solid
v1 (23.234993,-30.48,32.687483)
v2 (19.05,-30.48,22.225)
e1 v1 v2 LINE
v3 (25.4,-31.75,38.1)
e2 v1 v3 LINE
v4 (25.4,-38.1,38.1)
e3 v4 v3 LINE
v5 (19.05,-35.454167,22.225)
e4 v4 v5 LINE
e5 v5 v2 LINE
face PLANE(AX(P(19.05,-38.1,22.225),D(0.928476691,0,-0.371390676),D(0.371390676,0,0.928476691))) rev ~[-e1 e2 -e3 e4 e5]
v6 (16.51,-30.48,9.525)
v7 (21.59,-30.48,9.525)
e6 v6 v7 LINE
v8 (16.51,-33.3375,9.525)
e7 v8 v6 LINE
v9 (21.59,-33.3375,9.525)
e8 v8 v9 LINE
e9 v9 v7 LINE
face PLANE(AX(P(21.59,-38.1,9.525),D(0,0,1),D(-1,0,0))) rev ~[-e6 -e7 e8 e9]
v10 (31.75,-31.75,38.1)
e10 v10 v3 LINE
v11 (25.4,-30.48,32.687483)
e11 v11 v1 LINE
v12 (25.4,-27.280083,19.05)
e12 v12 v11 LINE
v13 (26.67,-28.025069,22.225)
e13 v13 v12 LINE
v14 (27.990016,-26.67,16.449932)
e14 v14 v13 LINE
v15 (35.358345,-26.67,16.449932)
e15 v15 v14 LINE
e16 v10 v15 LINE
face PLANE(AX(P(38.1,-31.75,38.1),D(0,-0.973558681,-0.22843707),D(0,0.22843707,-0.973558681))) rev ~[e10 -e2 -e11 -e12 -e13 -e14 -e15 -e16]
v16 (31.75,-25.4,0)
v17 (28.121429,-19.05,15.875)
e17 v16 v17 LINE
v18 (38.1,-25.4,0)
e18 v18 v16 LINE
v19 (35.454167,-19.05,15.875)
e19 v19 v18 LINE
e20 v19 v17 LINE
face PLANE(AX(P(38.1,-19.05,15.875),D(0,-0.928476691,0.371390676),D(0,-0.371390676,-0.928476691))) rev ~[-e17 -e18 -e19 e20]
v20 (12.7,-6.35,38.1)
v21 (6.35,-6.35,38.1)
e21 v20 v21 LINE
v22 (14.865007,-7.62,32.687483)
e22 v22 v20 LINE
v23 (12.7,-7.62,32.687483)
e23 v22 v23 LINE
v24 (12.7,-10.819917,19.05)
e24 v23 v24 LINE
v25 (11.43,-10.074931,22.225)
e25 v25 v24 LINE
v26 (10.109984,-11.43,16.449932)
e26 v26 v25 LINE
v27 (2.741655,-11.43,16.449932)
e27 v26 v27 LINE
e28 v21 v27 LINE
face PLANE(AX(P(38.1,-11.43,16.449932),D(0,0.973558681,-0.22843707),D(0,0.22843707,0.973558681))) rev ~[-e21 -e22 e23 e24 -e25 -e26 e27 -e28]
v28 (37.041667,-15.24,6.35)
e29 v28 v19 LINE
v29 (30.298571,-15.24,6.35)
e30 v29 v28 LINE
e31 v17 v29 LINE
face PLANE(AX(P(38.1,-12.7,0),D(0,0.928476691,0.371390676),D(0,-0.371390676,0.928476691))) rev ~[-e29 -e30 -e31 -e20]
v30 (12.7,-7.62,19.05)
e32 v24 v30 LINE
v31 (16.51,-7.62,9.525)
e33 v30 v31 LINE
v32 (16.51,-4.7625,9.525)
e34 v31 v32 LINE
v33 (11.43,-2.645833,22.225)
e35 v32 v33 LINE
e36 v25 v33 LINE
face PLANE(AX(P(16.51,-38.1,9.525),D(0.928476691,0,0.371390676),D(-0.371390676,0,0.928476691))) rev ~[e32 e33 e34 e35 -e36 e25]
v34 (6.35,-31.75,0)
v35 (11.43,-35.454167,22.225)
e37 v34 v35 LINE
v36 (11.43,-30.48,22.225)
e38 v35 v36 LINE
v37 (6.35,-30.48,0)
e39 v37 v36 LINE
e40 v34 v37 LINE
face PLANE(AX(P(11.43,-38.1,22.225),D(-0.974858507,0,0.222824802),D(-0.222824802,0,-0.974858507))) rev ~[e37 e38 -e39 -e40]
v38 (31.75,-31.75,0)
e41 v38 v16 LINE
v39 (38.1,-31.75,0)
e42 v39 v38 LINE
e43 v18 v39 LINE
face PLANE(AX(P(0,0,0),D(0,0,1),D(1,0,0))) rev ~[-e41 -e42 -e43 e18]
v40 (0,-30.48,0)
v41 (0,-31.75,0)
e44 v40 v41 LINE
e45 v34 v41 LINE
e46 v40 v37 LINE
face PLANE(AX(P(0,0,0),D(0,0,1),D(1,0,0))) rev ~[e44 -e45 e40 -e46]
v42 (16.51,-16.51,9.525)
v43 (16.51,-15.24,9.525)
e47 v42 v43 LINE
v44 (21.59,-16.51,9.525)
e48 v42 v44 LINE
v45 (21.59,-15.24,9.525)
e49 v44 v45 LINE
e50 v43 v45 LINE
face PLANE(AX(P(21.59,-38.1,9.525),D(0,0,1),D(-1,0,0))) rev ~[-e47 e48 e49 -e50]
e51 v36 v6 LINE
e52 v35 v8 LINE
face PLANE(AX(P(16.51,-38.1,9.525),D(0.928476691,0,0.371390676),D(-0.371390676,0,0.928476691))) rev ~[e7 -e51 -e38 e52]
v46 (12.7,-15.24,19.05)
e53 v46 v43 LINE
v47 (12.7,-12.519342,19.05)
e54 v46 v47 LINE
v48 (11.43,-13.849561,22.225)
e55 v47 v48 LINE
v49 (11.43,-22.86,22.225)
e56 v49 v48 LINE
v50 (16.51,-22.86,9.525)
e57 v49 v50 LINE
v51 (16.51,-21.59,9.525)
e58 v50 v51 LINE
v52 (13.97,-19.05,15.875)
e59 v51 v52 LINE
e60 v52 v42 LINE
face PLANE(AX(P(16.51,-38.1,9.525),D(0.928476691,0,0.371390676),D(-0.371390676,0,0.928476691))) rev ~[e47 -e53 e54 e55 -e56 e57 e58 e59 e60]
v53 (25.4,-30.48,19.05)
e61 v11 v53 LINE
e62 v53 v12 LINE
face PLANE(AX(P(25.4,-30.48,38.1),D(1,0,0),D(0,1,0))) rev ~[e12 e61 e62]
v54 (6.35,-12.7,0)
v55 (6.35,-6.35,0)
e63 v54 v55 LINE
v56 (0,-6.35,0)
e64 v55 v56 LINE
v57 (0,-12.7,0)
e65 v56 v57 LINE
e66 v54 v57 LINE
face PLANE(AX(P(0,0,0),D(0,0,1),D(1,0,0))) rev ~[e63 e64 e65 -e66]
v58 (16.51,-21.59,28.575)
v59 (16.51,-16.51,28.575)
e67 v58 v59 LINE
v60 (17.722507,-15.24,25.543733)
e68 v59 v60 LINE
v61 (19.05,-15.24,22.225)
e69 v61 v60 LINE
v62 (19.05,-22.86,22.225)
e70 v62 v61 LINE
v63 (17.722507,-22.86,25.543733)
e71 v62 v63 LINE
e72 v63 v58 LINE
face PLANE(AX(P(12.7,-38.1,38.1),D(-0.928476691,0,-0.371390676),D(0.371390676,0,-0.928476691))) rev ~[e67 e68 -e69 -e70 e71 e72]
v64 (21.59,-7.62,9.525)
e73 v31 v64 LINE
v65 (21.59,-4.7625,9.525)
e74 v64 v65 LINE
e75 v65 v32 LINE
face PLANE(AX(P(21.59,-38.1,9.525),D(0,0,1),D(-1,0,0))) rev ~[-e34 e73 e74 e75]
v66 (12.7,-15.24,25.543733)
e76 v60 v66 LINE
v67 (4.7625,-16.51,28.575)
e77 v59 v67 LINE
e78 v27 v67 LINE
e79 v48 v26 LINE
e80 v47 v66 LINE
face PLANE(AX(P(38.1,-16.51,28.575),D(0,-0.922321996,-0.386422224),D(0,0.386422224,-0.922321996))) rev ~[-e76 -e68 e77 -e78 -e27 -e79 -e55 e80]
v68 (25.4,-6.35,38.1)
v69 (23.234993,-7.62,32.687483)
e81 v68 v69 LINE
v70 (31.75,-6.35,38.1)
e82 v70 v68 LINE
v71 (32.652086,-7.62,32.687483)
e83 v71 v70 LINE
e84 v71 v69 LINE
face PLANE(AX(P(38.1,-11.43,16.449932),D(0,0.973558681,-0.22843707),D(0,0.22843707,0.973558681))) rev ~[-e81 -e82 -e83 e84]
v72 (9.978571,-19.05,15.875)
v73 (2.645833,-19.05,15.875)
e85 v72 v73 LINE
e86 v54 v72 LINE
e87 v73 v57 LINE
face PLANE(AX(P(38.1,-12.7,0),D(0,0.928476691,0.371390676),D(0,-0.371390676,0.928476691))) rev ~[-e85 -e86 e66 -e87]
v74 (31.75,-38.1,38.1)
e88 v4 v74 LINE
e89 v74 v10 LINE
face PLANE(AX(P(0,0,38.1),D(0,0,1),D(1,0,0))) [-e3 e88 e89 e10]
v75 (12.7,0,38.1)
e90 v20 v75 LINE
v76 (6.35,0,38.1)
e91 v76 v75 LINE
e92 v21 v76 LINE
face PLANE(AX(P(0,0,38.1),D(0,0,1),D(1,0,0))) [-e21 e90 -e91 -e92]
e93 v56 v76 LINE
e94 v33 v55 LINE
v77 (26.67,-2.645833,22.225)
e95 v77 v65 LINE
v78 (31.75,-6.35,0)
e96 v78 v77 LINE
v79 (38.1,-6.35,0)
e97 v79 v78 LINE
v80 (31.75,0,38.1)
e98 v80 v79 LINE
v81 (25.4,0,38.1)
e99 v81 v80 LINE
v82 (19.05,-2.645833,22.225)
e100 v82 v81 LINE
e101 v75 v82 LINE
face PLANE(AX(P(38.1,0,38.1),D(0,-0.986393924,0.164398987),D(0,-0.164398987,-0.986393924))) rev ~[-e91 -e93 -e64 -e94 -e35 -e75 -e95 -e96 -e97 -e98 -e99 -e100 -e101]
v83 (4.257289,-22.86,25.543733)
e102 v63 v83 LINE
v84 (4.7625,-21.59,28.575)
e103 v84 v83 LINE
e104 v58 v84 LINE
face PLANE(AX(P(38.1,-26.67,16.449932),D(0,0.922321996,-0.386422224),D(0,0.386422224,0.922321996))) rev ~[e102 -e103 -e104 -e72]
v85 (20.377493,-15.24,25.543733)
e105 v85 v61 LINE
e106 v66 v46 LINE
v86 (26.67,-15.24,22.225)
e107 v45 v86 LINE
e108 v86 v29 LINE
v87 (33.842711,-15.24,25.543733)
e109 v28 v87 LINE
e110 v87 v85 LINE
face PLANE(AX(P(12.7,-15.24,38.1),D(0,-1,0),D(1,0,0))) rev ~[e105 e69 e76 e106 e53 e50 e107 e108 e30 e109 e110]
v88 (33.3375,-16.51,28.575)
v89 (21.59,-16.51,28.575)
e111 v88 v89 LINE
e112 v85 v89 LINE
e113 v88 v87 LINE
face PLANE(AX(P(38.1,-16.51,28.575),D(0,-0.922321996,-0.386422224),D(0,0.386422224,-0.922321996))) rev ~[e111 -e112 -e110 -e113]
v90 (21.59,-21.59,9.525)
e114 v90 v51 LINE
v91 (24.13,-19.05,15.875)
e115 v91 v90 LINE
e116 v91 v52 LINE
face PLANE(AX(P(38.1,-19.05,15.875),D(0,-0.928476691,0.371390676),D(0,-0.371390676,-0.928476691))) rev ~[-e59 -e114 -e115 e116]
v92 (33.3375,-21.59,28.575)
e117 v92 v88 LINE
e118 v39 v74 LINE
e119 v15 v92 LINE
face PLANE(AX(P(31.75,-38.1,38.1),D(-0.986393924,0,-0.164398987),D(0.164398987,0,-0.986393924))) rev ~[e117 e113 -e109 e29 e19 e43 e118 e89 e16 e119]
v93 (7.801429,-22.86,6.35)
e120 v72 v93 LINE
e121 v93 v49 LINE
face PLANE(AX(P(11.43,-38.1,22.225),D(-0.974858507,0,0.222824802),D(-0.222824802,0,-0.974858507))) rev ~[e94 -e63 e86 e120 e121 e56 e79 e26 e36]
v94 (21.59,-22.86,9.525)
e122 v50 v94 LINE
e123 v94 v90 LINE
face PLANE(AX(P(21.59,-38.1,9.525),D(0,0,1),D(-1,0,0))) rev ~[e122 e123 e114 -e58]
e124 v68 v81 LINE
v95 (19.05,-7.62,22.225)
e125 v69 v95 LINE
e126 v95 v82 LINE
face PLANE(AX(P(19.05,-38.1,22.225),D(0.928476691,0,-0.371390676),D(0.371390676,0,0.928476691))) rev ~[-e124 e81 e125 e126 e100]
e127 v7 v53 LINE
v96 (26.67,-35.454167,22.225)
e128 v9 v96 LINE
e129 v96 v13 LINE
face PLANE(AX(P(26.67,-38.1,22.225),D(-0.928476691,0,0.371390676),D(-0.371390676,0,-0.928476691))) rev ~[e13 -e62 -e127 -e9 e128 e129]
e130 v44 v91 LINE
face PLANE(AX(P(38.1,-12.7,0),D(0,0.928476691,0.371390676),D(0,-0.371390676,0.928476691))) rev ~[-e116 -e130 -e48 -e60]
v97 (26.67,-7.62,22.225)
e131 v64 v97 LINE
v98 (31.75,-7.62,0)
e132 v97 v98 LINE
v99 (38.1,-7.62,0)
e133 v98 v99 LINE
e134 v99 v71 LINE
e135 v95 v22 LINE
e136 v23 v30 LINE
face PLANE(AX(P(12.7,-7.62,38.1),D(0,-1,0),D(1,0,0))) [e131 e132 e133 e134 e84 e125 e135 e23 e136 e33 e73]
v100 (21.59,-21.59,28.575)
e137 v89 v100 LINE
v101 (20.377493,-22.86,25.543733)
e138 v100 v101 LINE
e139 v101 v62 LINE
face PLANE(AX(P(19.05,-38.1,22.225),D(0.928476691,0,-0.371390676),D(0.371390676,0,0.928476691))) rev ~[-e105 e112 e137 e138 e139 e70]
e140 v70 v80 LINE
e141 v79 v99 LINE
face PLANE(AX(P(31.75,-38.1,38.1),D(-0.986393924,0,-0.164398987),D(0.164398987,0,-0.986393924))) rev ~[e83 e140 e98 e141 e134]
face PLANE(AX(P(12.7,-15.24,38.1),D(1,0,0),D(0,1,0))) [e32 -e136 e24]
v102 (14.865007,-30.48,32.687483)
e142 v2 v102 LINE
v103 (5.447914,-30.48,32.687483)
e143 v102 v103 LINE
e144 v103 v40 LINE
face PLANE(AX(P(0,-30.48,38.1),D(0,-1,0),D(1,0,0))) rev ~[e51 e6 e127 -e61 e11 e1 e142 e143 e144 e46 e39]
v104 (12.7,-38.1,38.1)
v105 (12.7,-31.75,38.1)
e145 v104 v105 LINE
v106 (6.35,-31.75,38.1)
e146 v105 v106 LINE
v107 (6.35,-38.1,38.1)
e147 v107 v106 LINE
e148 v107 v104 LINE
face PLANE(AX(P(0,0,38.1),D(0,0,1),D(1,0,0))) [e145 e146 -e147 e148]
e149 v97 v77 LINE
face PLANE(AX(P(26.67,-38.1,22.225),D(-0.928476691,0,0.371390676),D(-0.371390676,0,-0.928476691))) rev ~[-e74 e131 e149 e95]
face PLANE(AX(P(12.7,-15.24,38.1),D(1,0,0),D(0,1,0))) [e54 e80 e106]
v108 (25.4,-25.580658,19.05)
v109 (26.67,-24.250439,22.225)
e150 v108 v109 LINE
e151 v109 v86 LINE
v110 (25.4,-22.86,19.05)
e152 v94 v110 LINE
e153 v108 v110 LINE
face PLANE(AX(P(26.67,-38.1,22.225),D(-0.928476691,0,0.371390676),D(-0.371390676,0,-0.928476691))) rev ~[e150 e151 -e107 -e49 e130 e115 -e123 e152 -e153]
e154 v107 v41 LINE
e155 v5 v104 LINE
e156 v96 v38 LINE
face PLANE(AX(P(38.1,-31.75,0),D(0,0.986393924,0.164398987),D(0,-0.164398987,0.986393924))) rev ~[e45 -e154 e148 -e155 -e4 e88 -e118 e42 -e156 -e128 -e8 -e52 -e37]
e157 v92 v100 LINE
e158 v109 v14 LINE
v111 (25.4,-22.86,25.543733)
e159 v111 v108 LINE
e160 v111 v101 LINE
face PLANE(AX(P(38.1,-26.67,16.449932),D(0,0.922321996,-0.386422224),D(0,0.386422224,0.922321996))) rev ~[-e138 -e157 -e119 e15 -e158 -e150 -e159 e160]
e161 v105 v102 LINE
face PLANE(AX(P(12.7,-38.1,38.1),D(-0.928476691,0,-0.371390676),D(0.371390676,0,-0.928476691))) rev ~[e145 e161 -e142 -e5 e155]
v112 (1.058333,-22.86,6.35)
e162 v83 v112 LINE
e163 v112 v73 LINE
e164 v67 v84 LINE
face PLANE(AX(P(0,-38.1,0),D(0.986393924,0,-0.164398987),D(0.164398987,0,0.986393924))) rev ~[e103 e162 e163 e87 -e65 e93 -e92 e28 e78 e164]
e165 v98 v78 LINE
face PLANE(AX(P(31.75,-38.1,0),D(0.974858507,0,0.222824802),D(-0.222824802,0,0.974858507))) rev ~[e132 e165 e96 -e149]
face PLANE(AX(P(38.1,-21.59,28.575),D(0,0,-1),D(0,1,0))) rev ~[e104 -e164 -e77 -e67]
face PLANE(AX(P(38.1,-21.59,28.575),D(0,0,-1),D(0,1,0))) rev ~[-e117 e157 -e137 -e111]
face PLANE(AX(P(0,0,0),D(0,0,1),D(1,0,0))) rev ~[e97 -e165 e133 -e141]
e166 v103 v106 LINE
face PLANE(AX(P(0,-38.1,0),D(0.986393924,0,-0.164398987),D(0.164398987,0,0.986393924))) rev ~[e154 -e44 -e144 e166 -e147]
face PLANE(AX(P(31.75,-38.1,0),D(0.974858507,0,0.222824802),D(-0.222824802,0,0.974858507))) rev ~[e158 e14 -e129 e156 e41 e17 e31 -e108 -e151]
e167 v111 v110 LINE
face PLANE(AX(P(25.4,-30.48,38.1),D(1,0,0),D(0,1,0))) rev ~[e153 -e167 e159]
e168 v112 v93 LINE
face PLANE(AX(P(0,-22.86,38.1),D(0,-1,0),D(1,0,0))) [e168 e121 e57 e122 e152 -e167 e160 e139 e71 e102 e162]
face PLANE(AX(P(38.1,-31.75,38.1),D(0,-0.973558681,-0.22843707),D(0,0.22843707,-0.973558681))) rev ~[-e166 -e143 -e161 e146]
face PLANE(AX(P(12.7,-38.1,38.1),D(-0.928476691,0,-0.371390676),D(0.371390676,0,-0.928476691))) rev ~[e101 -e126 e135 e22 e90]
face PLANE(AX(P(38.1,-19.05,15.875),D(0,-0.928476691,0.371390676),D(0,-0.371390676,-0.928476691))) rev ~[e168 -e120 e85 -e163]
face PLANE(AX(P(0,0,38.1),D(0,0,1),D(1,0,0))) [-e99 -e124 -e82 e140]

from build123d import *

# Parameters (mm, degrees)
F0_W      = 38.1
F0_H      = 38.1
F1_DEPTH  = 38.1
F6_DEPTH  = 38.1
F8_DEPTH  = 38.1
F9_W      = 25.4
F9_H      = 7.62
F10_DEPTH = 38.1


with BuildPart() as f1:
    # F0 (on Front) → F1 (new body)
    with BuildSketch(Plane.XZ):
        with Locations((19.05, 19.05)):
            Rectangle(F0_W, F0_H)
    extrude(amount=F1_DEPTH)

    # F5 (on offset) → F6 (cut)
    with BuildSketch(Plane.YZ.offset(38.1)):
        Polygon((-11.43, 16.449932), (-6.35, 38.1), (-31.75, 38.1), (-26.67, 16.449932), (-21.59, 28.575), (-16.51, 28.575), align=None)
        Polygon((-6.35, 0), (0, 0), (0, 38.1), align=None)
        Polygon((-19.05, 0), (-12.7, 0), (-19.05, 15.875), (-25.4, 0), align=None)
        Polygon((-31.75, 0), (-38.1, 38.1), (-38.1, 0), align=None)
    extrude(amount=-F6_DEPTH, mode=Mode.SUBTRACT)

    # F7 (on offset) → F8 (cut)
    with BuildSketch(Plane.XZ.offset(38.1)):
        Polygon((11.43, 22.225), (6.35, 0), (31.75, 0), (26.67, 22.225), (21.59, 9.525), (16.51, 9.525), align=None)
        Polygon((25.4, 38.1), (12.7, 38.1), (19.05, 22.225), align=None)
        Polygon((31.75, 38.1), (38.1, 0), (38.1, 38.1), align=None)
        Polygon((0, 38.1), (0, 0), (6.35, 38.1), align=None)
    extrude(amount=-F8_DEPTH, mode=Mode.SUBTRACT)

    # F9 (on offset) → F10 (cut)
    with BuildSketch(Plane.XY.offset(38.1)):
        with Locations((12.7, -26.67)):
            Rectangle(F9_W, F9_H)
        with Locations((25.4, -11.43)):
            Rectangle(F9_W, F9_H)
    extrude(amount=-F10_DEPTH, mode=Mode.SUBTRACT)


solid = f1.part
